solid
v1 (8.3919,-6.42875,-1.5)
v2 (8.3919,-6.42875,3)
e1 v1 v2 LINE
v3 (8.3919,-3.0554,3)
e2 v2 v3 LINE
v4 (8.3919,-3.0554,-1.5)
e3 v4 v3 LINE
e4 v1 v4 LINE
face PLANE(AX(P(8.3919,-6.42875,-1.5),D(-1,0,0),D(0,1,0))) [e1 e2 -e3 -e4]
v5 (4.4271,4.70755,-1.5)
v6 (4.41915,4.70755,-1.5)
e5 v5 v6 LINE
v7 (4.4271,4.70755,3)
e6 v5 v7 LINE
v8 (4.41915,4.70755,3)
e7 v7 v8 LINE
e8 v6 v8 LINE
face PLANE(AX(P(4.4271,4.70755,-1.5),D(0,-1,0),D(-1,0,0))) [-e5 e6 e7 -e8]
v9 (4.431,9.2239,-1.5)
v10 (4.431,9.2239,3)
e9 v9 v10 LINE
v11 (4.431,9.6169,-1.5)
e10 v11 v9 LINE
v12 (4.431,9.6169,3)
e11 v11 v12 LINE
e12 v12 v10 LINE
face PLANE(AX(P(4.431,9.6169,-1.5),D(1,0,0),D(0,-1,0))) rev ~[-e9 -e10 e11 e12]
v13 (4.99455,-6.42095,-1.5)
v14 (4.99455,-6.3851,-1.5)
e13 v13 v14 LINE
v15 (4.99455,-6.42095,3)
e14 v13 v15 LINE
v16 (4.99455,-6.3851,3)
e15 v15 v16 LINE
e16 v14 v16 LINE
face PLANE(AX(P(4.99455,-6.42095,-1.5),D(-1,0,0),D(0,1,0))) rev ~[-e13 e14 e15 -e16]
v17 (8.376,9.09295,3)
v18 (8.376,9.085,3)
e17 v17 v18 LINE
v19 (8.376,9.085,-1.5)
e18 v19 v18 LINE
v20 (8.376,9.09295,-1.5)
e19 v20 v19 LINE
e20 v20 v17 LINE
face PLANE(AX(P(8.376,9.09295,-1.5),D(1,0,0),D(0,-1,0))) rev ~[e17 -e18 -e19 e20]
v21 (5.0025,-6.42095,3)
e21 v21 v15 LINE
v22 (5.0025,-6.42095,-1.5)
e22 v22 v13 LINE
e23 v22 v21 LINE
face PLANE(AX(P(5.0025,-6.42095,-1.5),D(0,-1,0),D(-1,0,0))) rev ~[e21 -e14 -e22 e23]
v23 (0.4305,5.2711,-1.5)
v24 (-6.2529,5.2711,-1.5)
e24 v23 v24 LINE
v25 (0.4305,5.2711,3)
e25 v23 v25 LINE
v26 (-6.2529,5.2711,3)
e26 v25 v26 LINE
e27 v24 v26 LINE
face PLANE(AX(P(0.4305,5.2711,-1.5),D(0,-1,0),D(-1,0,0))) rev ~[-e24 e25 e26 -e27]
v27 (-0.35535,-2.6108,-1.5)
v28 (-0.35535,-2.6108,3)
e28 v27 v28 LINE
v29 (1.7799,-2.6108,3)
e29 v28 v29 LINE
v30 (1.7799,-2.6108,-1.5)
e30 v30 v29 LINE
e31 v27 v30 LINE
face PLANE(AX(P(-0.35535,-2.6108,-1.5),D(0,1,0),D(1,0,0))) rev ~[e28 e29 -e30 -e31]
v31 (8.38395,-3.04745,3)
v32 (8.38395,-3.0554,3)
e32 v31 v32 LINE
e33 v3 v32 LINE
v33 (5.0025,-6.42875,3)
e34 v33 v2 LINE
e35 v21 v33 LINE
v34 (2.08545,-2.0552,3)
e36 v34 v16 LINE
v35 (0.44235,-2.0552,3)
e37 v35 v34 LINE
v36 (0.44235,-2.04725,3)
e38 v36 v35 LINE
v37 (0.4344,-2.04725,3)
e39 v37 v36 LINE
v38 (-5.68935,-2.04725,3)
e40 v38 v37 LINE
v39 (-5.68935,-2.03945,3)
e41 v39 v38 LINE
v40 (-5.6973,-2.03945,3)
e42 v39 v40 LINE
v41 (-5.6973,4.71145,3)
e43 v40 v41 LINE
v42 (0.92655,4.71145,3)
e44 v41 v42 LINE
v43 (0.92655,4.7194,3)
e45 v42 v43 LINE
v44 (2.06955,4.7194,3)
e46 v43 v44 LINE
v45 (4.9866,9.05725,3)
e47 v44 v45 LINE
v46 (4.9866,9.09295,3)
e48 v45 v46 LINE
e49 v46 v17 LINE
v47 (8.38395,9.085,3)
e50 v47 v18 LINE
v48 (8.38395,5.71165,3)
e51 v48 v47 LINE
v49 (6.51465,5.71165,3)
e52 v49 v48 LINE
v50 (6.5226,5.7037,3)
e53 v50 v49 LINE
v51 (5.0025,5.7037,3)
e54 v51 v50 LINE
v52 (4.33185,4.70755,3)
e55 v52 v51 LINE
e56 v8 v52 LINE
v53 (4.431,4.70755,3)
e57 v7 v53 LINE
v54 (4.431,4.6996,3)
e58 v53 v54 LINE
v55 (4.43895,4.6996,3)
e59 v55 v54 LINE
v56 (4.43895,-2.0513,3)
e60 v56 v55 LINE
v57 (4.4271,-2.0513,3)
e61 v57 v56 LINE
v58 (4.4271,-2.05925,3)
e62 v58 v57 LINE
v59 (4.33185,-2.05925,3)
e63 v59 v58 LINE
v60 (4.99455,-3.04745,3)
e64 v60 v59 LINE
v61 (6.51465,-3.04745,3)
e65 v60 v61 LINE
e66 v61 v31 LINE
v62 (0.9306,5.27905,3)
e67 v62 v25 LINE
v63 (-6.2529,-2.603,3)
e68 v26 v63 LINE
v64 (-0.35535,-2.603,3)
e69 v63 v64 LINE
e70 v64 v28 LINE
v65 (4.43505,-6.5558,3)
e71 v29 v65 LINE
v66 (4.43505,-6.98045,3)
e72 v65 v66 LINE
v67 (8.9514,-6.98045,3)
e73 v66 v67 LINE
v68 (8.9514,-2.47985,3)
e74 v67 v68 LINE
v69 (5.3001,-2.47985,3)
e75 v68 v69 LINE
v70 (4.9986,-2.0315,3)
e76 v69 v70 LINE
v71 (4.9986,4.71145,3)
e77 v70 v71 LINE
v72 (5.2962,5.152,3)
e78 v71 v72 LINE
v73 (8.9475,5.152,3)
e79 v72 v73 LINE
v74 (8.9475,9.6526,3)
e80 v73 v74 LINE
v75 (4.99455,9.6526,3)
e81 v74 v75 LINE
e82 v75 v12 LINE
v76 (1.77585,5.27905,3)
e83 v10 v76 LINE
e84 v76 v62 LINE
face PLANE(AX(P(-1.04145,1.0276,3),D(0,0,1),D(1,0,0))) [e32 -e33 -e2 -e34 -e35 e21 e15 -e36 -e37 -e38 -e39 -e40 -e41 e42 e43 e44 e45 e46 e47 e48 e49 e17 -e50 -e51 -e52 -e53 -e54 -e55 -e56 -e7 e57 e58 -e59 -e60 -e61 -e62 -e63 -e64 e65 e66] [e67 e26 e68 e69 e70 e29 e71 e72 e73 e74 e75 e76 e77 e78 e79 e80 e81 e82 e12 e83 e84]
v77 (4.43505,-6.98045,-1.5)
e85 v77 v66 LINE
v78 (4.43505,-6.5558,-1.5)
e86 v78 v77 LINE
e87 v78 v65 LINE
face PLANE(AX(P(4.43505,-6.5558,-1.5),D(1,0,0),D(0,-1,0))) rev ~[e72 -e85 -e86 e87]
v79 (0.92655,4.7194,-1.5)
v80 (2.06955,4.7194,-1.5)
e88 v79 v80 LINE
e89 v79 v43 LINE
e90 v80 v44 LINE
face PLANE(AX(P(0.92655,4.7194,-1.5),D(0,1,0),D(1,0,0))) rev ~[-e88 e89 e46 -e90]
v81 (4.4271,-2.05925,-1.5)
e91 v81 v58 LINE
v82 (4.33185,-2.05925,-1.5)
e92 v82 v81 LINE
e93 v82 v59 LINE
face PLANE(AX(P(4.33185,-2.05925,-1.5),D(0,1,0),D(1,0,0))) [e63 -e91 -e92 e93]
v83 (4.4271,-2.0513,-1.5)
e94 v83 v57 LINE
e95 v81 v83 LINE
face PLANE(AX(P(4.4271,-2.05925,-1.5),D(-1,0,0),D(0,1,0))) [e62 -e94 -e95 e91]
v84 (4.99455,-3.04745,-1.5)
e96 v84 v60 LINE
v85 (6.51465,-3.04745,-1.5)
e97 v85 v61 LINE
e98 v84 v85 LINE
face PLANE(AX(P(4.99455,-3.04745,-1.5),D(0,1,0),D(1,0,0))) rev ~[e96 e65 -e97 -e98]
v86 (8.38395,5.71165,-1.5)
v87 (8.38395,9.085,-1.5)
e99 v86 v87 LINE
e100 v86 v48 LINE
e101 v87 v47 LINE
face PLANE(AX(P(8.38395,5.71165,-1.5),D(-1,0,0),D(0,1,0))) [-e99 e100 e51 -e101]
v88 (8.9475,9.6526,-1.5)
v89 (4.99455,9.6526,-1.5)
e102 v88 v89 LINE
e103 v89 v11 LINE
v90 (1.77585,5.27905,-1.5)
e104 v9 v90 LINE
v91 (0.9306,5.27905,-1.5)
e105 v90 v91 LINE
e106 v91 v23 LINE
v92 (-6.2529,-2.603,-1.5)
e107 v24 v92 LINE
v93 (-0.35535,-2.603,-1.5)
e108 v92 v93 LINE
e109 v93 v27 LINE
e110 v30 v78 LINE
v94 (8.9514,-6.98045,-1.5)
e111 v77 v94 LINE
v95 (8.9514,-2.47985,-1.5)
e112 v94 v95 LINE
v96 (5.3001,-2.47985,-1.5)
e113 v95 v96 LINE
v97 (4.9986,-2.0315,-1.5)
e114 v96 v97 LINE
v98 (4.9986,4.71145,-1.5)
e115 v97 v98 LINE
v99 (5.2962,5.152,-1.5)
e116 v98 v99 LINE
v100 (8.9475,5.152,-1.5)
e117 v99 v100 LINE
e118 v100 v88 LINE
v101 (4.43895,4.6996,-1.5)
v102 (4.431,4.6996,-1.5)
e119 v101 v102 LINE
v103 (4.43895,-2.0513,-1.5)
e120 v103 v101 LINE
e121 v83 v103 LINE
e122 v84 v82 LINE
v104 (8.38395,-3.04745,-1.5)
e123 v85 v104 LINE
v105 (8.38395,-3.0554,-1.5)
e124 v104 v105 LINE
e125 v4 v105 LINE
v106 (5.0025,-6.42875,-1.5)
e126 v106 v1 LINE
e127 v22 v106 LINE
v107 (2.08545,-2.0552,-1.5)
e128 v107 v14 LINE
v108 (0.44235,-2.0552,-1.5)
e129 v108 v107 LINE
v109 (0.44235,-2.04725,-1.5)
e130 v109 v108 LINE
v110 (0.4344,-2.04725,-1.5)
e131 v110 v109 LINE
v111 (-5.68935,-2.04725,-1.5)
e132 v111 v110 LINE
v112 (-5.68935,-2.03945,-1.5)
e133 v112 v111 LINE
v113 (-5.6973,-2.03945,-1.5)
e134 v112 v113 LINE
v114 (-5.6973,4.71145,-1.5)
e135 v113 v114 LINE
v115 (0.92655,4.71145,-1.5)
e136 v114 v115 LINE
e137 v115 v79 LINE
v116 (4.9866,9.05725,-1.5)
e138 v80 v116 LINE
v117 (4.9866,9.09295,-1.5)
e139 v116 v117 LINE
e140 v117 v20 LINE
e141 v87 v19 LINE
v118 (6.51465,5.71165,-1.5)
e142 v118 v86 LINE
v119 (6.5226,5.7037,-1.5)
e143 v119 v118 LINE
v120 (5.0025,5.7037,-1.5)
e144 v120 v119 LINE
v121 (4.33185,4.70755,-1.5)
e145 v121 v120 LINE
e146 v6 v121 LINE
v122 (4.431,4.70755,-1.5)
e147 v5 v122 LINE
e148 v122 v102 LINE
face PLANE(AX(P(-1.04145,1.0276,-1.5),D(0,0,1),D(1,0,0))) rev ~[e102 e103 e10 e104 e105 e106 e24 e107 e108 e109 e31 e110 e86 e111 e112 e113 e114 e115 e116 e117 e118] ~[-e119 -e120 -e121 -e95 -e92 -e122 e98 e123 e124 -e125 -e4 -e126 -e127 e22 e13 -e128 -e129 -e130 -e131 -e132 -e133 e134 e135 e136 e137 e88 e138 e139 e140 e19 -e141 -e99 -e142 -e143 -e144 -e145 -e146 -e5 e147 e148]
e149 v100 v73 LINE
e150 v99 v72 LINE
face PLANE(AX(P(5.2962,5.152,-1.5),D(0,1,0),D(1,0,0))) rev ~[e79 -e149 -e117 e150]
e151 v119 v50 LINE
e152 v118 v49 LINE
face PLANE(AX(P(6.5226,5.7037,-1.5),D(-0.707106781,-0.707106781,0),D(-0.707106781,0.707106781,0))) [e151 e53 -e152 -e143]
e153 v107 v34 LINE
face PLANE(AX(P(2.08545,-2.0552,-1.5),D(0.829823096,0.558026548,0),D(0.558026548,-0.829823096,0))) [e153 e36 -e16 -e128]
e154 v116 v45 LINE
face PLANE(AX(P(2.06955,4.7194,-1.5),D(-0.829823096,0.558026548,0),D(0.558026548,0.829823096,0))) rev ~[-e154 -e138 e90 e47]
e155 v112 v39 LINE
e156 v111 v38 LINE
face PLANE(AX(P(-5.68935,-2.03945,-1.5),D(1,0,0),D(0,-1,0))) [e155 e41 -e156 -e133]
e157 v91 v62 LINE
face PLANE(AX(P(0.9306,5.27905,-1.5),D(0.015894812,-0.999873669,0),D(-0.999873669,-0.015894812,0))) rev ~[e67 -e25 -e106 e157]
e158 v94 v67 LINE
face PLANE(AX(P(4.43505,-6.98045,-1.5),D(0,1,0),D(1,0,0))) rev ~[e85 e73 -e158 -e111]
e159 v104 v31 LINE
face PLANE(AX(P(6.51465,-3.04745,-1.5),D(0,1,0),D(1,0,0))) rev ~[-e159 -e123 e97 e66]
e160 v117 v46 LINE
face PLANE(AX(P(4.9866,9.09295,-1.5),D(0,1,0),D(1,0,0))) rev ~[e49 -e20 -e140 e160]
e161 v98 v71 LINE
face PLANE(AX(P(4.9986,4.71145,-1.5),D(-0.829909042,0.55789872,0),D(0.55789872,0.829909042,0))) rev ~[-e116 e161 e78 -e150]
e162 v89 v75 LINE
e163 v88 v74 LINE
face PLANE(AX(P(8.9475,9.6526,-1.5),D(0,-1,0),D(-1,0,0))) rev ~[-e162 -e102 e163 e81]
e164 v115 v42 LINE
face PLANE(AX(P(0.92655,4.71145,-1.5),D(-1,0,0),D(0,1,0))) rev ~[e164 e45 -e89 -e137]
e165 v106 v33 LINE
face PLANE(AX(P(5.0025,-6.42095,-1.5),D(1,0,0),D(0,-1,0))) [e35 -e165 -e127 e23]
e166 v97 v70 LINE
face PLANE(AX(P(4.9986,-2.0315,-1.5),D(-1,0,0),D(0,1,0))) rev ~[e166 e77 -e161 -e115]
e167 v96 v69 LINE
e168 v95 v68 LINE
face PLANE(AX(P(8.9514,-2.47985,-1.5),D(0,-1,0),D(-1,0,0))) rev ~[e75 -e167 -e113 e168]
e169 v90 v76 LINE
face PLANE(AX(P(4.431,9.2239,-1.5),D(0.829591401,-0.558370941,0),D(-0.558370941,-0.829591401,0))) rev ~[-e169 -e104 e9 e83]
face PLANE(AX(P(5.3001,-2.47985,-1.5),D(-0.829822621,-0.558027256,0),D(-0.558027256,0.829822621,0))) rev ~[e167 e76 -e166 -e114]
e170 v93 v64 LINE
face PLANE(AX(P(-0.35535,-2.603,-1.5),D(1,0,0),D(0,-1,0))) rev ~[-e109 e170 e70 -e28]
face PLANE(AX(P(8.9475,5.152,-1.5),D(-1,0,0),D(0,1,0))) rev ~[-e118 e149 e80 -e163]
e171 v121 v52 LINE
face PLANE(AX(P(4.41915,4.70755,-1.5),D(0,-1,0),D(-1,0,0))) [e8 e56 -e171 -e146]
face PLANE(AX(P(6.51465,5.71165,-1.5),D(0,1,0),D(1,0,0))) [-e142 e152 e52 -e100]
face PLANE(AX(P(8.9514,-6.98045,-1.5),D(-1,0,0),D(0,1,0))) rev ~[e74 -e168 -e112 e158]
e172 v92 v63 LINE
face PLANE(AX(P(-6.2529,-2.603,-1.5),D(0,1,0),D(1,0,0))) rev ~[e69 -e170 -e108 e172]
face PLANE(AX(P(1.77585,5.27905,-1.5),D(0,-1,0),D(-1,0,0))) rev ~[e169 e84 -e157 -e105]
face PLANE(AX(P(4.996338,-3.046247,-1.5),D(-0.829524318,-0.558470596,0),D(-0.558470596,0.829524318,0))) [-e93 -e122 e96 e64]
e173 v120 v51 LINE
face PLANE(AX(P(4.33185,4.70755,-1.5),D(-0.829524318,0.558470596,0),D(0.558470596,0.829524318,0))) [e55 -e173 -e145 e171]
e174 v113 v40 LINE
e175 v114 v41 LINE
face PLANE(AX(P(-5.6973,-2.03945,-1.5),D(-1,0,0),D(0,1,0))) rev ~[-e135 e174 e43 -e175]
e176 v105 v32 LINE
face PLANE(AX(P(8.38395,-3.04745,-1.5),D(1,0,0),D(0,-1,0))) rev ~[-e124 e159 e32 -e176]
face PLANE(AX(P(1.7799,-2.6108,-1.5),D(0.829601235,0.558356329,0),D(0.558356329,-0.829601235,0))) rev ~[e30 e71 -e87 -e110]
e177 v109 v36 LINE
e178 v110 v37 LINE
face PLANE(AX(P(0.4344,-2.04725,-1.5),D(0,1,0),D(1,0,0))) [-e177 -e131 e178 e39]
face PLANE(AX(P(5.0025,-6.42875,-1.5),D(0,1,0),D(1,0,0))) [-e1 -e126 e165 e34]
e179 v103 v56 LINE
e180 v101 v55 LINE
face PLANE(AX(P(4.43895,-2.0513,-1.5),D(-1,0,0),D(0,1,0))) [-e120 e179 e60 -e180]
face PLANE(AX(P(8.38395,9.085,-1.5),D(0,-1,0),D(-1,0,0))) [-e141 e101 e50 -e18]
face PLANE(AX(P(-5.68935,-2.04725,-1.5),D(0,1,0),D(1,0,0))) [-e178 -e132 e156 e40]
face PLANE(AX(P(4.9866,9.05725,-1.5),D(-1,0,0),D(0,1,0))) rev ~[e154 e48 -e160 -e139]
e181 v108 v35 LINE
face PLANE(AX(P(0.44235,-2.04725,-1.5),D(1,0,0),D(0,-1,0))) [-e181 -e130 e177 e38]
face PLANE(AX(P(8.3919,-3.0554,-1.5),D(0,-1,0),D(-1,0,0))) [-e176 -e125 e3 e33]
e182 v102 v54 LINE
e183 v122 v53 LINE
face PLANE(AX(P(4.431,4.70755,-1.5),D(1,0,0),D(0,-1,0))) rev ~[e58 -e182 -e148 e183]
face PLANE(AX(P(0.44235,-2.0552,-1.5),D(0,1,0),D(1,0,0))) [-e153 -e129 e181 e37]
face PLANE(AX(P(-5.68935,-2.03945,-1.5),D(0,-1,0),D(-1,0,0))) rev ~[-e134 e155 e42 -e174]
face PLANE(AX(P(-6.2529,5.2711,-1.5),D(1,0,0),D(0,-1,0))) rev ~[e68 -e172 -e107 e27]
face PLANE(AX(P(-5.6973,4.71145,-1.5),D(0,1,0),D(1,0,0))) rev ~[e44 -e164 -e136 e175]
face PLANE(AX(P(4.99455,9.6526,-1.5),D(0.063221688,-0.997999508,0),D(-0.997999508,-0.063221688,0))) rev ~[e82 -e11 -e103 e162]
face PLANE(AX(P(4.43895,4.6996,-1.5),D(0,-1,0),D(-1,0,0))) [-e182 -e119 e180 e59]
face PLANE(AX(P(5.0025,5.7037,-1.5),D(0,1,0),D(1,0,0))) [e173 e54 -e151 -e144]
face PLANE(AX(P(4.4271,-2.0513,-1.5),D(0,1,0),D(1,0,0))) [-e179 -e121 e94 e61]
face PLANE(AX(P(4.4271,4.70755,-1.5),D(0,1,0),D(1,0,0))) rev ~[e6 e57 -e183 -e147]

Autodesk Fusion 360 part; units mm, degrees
sketch "Sketch1" plane through (0, 0, 0) normal (0, 0, 1) x (1, 0, 0)
  line L0 (5.0374, 3.1227) -> (6.2836, 3.1227)
  line L1 (6.2836, 3.1227) -> (6.2836, 5.3716)
  line L2 (6.2836, 5.3716) -> (4.024, 5.3716)
  line L3 (4.024, 5.3716) -> (4.024, 5.3478)
  line L4 (4.024, 5.3478) -> (2.0793, 2.4559)
  line L5 (2.0793, 2.4559) -> (1.3173, 2.4559)
  line L6 (1.3173, 2.4559) -> (1.3173, 2.4506)
  line L7 (1.3173, 2.4506) -> (-3.0986, 2.4506)
  line L8 (-3.0986, 2.4506) -> (-3.0986, -2.0499)
  line L9 (-3.0986, -2.0499) -> (0.9892, -2.0499)
  line L10 (0.9892, -2.0499) -> (0.9892, -2.0552)
  line L11 (0.9892, -2.0552) -> (2.0846, -2.0552)
  line L12 (2.0846, -2.0552) -> (4.0293, -4.9471)
  line L13 (4.0293, -4.9471) -> (4.0293, -4.9709)
  line L14 (4.0293, -4.9709) -> (6.2889, -4.9709)
  line L15 (6.2889, -4.9709) -> (6.2889, -2.722)
  line L16 (6.2889, -2.722) -> (5.0427, -2.722)
  line L17 (5.0427, -2.722) -> (4.0293, -2.722)
  line L18 (4.0293, -2.722) -> (3.5822, -2.0579)
  line L19 (3.5822, -2.0579) -> (3.6457, -2.0579)
  line L20 (3.6457, -2.0579) -> (3.6457, -2.0526)
  line L21 (3.6457, -2.0526) -> (3.6536, -2.0526)
  line L22 (3.6536, -2.0526) -> (3.6536, 2.448)
  line L23 (3.6536, 2.448) -> (3.6457, 2.448)
  line L24 (3.6457, 2.448) -> (3.6457, 2.4533)
  line L25 (3.6457, 2.4533) -> (3.5822, 2.4533)
  line L26 (3.5822, 2.4533) -> (4.0293, 3.1174)
  line L27 (4.0293, 3.1174) -> (5.0427, 3.1174)
  line L28 (5.0427, 3.1174) -> (5.0374, 3.1227)
  line L29 (4.2251, 2.7496) -> (6.6593, 2.7496)
  line L30 (6.6593, 2.7496) -> (6.6593, 5.75)
  line L31 (6.6593, 5.75) -> (4.024, 5.75)
  line L32 (4.024, 5.75) -> (3.6483, 5.7262)
  line L33 (3.6483, 5.7262) -> (3.6483, 5.4642)
  line L34 (3.6483, 5.4642) -> (1.8782, 2.8343)
  line L35 (1.8782, 2.8343) -> (1.3147, 2.8343)
  line L36 (1.3147, 2.8343) -> (0.9813, 2.829)
  line L37 (0.9813, 2.829) -> (-3.4743, 2.829)
  line L38 (-3.4743, 2.829) -> (-3.4743, -2.4204)
  line L39 (-3.4743, -2.4204) -> (0.4574, -2.4204)
  line L40 (0.4574, -2.4204) -> (0.4574, -2.4256)
  line L41 (0.4574, -2.4256) -> (1.8809, -2.4256)
  line L42 (1.8809, -2.4256) -> (3.651, -5.0556)
  line L43 (3.651, -5.0556) -> (3.651, -5.3387)
  line L44 (3.651, -5.3387) -> (6.6619, -5.3387)
  line L45 (6.6619, -5.3387) -> (6.6619, -2.3383)
  line L46 (6.6619, -2.3383) -> (4.2277, -2.3383)
  line L47 (4.2277, -2.3383) -> (4.0267, -2.0394)
  line L48 (4.0267, -2.0394) -> (4.0267, 2.4559)
  line L49 (4.0267, 2.4559) -> (4.2277, 2.7549)
  line L50 (4.2277, 2.7549) -> (4.2251, 2.7496)
  line L51 (3.6404, 2.4586) -> (3.6404, 2.4533)
  line L52 (3.6404, 2.4533) -> (3.6483, 2.4533)
  line L53 (3.6483, 2.4533) -> (3.6483, -2.0473)
  line L54 (3.6483, -2.0473) -> (3.6404, -2.0473)
  line L55 (3.6404, -2.0473) -> (3.6404, -2.0526)
  line L56 (3.6404, -2.0526) -> (3.5769, -2.0526)
  line L57 (3.5769, -2.0526) -> (4.024, -2.7167)
  line L58 (4.024, -2.7167) -> (5.0374, -2.7167)
  line L59 (5.0374, -2.7167) -> (6.2836, -2.7167)
  line L60 (6.2836, -2.7167) -> (6.2836, -4.9657)
  line L61 (6.2836, -4.9657) -> (4.024, -4.9657)
  line L62 (4.024, -4.9657) -> (4.024, -4.9418)
  line L63 (4.024, -4.9418) -> (2.0793, -2.0499)
  line L64 (2.0793, -2.0499) -> (0.9839, -2.0499)
  line L65 (0.9839, -2.0499) -> (0.9839, -2.0447)
  line L66 (0.9839, -2.0447) -> (-3.1039, -2.0447)
  line L67 (-3.1039, -2.0447) -> (-3.1039, 2.4559)
  line L68 (-3.1039, 2.4559) -> (1.312, 2.4559)
  line L69 (1.312, 2.4559) -> (1.312, 2.4612)
  line L70 (1.312, 2.4612) -> (2.074, 2.4612)
  line L71 (2.074, 2.4612) -> (4.0187, 5.3531)
  line L72 (4.0187, 5.3531) -> (4.0187, 5.3769)
  line L73 (4.0187, 5.3769) -> (6.2783, 5.3769)
  line L74 (6.2783, 5.3769) -> (6.2783, 3.1279)
  line L75 (6.2783, 3.1279) -> (5.0321, 3.1279)
  line L76 (5.0321, 3.1279) -> (4.0187, 3.1279)
  line L77 (4.0187, 3.1279) -> (3.5716, 2.4638)
extrude "Extrude1" add sketch "Sketch1" along normal blind 3
scale "Scale1" factor 1.5 about (2.0829, -2.0552, 3) bodies 1
